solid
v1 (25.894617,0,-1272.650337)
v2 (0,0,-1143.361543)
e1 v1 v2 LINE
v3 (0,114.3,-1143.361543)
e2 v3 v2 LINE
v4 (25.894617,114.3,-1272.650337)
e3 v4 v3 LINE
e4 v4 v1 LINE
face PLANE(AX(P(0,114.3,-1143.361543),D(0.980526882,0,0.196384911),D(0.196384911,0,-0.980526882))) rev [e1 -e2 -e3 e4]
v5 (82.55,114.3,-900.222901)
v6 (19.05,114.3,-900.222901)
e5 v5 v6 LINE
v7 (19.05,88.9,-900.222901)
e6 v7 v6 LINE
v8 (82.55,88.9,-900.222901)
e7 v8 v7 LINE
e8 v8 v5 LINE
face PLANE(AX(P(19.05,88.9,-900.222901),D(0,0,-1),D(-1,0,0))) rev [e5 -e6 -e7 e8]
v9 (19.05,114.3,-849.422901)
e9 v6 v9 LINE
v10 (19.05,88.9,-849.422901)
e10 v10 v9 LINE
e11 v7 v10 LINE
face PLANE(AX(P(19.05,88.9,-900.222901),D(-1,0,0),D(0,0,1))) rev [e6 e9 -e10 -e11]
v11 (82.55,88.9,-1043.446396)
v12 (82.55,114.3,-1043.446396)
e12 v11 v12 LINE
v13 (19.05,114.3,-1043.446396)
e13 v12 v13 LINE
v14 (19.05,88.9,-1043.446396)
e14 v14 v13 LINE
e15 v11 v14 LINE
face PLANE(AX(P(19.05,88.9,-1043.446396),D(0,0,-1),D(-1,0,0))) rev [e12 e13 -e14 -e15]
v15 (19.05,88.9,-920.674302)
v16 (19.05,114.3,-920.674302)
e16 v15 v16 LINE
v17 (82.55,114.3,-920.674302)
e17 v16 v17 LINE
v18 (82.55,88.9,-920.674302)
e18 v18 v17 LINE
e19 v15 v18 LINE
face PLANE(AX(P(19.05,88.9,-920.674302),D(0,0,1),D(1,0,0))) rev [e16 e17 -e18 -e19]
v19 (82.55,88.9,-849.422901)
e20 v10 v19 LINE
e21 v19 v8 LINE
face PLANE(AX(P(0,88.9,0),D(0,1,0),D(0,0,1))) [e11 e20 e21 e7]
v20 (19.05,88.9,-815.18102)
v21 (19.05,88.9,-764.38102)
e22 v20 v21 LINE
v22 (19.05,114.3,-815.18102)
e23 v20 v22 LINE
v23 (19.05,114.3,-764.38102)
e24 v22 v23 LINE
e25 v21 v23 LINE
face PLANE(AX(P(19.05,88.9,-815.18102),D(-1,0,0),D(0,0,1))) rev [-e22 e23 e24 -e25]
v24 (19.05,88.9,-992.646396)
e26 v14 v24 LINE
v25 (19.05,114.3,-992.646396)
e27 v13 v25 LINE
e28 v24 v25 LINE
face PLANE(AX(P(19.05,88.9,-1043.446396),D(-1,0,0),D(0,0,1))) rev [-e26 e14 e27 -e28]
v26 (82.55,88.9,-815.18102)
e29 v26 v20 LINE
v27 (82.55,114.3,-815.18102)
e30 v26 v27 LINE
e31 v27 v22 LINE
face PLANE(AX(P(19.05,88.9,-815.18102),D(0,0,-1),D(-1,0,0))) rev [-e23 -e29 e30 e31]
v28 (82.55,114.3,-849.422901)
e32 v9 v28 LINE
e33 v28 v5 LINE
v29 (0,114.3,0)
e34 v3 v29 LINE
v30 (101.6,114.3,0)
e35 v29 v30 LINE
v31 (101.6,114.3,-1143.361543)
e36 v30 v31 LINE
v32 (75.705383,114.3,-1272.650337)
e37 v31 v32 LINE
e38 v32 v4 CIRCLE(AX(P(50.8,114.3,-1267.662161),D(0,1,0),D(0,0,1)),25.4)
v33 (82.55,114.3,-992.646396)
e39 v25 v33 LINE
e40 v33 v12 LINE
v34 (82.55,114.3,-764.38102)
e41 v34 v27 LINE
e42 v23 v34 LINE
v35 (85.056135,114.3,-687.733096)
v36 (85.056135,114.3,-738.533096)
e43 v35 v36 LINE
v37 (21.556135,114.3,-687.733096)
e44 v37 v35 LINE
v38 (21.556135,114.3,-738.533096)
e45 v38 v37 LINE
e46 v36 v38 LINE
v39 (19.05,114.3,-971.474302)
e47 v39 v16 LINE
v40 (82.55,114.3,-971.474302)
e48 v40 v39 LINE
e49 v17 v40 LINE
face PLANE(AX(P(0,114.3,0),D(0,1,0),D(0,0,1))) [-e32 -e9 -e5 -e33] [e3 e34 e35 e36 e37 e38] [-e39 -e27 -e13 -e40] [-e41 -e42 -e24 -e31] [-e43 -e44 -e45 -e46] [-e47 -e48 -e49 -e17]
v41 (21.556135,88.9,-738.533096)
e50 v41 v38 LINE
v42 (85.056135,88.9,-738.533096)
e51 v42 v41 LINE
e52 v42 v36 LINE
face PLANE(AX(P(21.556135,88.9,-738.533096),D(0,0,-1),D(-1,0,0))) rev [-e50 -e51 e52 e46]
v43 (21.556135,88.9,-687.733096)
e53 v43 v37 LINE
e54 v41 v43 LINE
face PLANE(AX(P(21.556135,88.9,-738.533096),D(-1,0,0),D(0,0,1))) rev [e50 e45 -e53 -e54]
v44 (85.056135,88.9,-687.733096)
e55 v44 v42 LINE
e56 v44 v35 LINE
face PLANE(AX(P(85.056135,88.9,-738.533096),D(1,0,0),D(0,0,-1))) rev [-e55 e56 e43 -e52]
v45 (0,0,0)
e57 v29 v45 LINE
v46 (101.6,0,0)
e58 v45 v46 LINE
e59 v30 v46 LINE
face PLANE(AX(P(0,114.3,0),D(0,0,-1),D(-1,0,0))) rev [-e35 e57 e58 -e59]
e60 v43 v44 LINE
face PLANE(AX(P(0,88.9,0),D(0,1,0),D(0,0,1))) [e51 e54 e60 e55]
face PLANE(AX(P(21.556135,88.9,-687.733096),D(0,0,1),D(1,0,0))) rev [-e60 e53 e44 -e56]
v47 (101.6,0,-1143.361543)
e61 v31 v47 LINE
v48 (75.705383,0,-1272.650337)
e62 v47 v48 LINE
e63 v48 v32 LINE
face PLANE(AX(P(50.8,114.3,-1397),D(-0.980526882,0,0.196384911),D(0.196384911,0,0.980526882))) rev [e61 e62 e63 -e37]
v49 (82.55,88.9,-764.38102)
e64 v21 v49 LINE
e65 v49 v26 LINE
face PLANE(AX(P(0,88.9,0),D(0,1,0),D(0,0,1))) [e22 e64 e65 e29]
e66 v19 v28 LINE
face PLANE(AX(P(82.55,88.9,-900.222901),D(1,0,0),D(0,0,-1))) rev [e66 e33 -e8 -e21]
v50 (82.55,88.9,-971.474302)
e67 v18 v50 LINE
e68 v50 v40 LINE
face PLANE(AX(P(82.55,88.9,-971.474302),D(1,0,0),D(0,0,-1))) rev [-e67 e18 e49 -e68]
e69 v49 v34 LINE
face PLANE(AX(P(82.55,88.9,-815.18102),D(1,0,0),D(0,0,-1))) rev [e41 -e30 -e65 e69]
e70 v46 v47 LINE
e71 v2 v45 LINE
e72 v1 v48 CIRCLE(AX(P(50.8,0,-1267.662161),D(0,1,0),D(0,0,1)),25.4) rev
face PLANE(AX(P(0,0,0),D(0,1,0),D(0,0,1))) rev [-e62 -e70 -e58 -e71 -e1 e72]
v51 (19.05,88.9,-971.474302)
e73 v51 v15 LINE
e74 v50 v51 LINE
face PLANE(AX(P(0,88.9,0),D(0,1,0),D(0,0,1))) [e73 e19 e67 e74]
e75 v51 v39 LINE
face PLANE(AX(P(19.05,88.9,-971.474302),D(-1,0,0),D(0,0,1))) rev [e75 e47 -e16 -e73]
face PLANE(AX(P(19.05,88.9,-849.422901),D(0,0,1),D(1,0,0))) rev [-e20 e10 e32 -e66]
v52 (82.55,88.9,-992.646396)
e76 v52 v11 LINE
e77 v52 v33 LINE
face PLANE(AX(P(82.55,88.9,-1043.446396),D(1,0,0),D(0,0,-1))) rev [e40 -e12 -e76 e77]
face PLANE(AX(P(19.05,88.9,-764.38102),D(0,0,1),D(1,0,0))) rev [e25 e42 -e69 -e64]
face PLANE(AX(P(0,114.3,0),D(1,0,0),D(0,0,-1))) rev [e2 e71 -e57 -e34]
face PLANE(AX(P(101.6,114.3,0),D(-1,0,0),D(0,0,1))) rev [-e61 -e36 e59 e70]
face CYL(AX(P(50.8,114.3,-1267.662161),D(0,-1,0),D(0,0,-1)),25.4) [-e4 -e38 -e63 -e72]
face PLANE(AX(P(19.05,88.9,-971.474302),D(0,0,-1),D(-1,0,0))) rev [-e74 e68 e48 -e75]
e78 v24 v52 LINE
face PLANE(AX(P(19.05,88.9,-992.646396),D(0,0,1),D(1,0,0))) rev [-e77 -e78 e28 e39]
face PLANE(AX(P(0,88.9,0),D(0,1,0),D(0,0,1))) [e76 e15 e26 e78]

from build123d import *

# Parameters (mm, degrees)
BOSS_EXTRUDE1_DEPTH = 114.3
FILLET2_R           = 25.4
SKETCH2_W           = 63.5
SKETCH2_H           = 50.8
CUT_EXTRUDE1_DEPTH  = 25.4


with BuildPart() as part:
    # Sketch1 → Boss-Extrude1 (new body)
    with BuildSketch(Plane(origin=(0, 0, 0), x_dir=(1, 0, 0), z_dir=(0, 1, 0))):
        Polygon((0, 0), (0, 1143.361543418), (50.8, 1397), (101.6, 1143.361543418), (101.6, 0), align=None)
    extrude(amount=BOSS_EXTRUDE1_DEPTH)

    # Fillet2
    fillet2_edges = [part.edges().sort_by_distance(p)[0] for p in [
        (50.8, 57.15, -1397),
    ]]
    fillet(fillet2_edges, radius=FILLET2_R)

    # Sketch2 → Cut-Extrude1 (cut)
    with BuildSketch(Plane(origin=(0, 114.3, 0), x_dir=(1, 0, 0), z_dir=(0, 1, 0))):
        with Locations((50.8, 946.074302167)):
            Rectangle(SKETCH2_W, SKETCH2_H)
        with Locations((50.8, 1018.046396499)):
            Rectangle(SKETCH2_W, SKETCH2_H)
        with Locations((50.8, 874.822900853)):
            Rectangle(SKETCH2_W, SKETCH2_H)
        with Locations((50.8, 789.781020197)):
            Rectangle(SKETCH2_W, SKETCH2_H)
        with Locations((53.306135385, 713.133095909)):
            Rectangle(SKETCH2_W, SKETCH2_H)
    extrude(amount=-CUT_EXTRUDE1_DEPTH, mode=Mode.SUBTRACT)


solid = part.part
